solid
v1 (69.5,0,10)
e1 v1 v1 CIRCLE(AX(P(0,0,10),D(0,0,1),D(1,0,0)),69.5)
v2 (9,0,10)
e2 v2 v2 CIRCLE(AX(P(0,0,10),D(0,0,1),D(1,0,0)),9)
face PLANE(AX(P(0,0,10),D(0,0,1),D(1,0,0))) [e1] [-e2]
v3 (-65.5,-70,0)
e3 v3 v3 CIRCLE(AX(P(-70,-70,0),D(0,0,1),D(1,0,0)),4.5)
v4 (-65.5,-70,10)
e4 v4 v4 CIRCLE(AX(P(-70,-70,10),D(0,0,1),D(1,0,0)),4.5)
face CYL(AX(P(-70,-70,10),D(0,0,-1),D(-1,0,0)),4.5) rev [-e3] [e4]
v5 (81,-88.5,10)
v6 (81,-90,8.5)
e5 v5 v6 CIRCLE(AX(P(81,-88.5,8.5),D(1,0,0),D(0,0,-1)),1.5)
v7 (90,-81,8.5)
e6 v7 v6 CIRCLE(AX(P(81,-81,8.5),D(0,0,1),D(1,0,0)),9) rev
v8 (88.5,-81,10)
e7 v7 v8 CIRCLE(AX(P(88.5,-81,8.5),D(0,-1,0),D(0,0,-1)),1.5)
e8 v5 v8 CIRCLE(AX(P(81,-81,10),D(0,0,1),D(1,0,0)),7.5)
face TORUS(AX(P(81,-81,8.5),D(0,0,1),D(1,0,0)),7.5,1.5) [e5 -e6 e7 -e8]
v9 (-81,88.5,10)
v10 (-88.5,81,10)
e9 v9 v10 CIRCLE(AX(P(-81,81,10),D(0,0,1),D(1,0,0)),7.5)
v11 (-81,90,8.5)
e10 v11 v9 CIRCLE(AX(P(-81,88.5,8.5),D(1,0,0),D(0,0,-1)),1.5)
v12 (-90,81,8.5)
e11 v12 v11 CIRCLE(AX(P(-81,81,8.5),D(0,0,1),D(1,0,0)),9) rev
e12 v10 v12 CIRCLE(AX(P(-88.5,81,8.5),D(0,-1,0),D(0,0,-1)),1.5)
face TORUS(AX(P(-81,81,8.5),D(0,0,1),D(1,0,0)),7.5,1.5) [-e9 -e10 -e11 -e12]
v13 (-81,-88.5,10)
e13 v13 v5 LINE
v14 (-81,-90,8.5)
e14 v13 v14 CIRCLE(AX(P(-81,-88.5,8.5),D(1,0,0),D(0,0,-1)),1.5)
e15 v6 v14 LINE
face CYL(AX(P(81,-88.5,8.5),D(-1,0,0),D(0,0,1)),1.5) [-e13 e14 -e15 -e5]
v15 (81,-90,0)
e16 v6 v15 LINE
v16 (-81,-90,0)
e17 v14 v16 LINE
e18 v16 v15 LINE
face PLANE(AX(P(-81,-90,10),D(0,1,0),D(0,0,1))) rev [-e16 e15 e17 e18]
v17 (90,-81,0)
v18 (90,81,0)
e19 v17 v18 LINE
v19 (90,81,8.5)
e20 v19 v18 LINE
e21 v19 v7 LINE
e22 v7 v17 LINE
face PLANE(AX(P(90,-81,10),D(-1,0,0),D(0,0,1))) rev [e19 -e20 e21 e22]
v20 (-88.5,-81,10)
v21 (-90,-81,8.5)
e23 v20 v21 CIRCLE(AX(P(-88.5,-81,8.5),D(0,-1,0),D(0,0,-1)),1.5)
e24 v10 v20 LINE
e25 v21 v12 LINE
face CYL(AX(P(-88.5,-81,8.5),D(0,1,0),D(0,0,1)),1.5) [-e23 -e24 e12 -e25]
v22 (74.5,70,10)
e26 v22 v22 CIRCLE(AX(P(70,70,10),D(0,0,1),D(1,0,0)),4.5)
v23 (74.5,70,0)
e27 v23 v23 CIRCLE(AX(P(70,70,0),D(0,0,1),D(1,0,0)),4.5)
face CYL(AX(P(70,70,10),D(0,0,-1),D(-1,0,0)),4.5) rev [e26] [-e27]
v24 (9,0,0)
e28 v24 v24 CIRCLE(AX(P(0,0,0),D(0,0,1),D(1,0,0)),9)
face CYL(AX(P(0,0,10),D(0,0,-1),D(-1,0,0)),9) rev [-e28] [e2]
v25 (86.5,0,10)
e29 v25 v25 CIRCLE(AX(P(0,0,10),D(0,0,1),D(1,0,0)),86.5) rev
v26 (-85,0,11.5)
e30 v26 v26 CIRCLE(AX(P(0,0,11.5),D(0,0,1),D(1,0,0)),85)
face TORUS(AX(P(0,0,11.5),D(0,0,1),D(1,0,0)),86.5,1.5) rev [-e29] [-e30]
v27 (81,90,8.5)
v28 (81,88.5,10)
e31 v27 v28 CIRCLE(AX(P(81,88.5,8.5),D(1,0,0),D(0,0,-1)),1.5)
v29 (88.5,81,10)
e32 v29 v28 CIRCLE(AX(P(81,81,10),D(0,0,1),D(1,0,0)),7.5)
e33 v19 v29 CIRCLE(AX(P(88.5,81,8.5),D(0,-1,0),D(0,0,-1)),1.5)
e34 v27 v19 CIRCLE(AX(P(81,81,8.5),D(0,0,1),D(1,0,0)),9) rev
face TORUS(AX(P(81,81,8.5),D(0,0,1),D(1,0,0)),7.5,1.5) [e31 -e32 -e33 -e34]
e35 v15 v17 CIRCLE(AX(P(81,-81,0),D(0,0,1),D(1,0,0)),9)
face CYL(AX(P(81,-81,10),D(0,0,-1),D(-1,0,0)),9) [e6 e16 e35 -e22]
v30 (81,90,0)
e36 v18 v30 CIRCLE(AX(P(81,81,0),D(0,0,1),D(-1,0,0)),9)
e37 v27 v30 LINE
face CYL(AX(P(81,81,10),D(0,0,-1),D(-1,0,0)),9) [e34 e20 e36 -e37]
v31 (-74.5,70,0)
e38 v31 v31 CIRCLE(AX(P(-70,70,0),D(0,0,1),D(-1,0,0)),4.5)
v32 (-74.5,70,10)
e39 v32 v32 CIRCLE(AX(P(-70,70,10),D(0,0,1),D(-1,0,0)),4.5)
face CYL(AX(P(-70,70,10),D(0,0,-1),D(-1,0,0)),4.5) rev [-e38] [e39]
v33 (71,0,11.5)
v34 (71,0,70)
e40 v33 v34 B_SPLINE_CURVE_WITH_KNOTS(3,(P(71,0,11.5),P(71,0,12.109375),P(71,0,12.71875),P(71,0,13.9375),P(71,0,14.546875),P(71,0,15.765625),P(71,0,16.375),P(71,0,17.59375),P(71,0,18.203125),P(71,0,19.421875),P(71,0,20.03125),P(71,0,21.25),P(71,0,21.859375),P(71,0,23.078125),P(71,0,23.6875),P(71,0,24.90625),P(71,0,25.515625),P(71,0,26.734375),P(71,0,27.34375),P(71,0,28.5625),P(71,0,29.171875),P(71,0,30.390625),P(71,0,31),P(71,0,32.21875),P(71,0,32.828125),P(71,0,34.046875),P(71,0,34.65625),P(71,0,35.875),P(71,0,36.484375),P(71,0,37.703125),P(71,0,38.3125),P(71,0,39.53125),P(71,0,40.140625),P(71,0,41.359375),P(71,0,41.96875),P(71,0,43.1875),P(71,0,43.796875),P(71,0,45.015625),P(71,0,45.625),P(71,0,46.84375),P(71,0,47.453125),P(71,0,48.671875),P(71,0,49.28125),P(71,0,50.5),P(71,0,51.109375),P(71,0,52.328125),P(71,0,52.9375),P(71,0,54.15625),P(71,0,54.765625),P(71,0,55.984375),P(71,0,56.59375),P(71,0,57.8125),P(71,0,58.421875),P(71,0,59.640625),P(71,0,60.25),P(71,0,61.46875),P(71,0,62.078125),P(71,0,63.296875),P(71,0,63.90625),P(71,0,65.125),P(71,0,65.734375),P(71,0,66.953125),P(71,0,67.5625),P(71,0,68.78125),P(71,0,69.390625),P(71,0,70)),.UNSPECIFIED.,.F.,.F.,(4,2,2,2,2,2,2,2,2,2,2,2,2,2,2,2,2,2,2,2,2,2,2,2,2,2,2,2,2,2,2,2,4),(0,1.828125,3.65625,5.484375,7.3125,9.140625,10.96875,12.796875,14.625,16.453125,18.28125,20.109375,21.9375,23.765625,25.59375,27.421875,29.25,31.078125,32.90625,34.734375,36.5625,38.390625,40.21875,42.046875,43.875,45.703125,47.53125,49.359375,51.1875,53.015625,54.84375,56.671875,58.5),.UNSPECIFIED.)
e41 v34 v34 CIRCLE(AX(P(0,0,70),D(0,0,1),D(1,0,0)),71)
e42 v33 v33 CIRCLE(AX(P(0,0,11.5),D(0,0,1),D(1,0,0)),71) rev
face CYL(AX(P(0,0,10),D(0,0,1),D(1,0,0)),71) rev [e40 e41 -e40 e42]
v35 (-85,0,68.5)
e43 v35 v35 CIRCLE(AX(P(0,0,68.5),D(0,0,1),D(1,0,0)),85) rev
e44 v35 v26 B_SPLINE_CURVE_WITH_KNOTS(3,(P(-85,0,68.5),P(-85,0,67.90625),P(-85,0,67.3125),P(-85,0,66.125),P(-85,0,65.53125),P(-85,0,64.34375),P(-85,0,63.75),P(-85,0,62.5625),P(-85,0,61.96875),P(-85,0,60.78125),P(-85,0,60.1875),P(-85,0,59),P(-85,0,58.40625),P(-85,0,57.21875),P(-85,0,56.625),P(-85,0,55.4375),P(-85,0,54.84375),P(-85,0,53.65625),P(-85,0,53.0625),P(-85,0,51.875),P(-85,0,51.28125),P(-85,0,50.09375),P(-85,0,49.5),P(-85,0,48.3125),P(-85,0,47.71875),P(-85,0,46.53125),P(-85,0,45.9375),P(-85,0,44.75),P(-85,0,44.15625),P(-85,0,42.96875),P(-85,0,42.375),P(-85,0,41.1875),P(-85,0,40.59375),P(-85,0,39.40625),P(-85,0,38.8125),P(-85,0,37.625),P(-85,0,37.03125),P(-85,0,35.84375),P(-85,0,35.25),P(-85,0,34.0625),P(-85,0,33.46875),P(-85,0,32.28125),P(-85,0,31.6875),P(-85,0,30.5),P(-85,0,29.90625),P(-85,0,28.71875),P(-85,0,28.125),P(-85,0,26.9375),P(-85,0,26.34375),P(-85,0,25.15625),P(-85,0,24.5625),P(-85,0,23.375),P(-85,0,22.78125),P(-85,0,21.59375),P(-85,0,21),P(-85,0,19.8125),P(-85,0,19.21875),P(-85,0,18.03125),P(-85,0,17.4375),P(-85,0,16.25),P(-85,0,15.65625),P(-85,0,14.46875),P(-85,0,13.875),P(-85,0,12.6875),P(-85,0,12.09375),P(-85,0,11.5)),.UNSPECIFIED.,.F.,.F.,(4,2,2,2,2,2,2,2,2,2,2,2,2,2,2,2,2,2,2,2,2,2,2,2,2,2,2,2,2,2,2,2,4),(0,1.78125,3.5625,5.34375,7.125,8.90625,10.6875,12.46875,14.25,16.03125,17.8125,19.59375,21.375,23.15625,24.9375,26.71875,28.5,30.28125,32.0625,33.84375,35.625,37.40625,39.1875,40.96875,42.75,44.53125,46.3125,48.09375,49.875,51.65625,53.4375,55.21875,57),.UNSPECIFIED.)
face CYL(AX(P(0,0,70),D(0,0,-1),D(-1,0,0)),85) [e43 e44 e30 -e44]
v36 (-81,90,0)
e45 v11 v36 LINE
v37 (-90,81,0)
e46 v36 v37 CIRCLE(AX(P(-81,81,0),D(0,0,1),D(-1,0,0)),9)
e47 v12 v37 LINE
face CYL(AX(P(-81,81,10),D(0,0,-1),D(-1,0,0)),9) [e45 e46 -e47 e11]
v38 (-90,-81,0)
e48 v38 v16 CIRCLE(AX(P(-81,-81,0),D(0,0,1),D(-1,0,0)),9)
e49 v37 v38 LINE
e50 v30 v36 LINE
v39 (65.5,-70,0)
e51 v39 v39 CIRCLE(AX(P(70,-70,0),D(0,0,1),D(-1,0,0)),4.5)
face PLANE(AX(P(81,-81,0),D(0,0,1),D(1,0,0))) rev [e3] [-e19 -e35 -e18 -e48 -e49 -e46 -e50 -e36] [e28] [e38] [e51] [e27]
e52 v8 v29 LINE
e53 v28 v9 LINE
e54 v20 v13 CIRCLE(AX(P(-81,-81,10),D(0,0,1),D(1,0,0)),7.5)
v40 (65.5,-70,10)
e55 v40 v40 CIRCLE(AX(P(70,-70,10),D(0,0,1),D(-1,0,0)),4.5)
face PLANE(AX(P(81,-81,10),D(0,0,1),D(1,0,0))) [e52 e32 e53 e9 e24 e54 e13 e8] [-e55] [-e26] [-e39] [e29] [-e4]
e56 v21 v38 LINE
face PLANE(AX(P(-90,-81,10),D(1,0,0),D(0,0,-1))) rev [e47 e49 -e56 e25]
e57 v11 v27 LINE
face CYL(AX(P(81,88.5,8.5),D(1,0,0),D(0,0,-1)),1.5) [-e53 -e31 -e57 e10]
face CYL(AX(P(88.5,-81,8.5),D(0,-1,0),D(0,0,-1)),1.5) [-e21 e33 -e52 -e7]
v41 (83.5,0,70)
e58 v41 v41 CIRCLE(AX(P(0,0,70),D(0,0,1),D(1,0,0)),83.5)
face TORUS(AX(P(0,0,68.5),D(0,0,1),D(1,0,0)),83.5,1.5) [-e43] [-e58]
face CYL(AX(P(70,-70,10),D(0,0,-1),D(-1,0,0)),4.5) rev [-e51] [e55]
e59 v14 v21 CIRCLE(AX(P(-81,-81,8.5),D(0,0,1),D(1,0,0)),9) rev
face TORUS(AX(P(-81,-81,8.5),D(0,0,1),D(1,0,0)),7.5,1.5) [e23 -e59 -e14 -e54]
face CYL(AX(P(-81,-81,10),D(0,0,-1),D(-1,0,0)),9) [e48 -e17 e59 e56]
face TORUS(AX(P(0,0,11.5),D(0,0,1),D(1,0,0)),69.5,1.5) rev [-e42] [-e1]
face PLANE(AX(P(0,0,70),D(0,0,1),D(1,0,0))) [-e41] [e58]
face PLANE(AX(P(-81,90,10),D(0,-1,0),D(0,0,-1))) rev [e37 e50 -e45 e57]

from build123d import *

# Parameters (mm, degrees)
SKETCH1_R           = 9
SKETCH1_R_2         = 4.5
BOSS_EXTRUDE1_DEPTH = 10
SKETCH2_R           = 85
BOSS_EXTRUDE2_DEPTH = 60
SKETCH3_R           = 71
CUT_EXTRUDE1_DEPTH  = 60
FILLET1_R           = 1.5


with BuildPart() as part:
    # Sketch1 → Boss-Extrude1 (new body)
    with BuildSketch(Plane.XY):
        with BuildLine():
            Line((-81, -90), (81, -90))
            ThreePointArc((81, -90), (87.363961031, -87.363961031), (90, -81))
            Line((90, -81), (90, 81))
            ThreePointArc((90, 81), (87.363961031, 87.363961031), (81, 90))
            Line((81, 90), (-81, 90))
            ThreePointArc((-81, 90), (-87.363961031, 87.363961031), (-90, 81))
            Line((-90, 81), (-90, -81))
            ThreePointArc((-90, -81), (-87.363961031, -87.363961031), (-81, -90))
        make_face()
        Circle(SKETCH1_R, mode=Mode.SUBTRACT)
        with Locations((70, 70)):
            Circle(SKETCH1_R_2, mode=Mode.SUBTRACT)
        with Locations(Location((-70, 70, 0), (0, 0, 180))):
            Circle(SKETCH1_R_2, mode=Mode.SUBTRACT)
        with Locations(Location((70, -70, 0), (0, 0, 180))):
            Circle(SKETCH1_R_2, mode=Mode.SUBTRACT)
        with Locations((-70, -70)):
            Circle(SKETCH1_R_2, mode=Mode.SUBTRACT)
    extrude(amount=BOSS_EXTRUDE1_DEPTH)

    # Sketch2 → Boss-Extrude2 (add)
    with BuildSketch(Plane.XY.offset(10)):
        with Locations(Location((0, 0, 0), (0, 0, 180))):
            Circle(SKETCH2_R)
    extrude(amount=BOSS_EXTRUDE2_DEPTH)

    # Sketch3 → Cut-Extrude1 (cut)
    with BuildSketch(Plane.XY.offset(70)):
        Circle(SKETCH3_R)
    extrude(amount=-CUT_EXTRUDE1_DEPTH, mode=Mode.SUBTRACT)

    # Fillet1
    fillet1_edges = [part.edges().sort_by_distance(p)[0] for p in [
        (87.363961031, 87.363961031, 10),
        (0, 90, 10),
        (-87.363961031, 87.363961031, 10),
        (-90, 0, 10),
        (-87.363961031, -87.363961031, 10),
        (0, -90, 10),
        (87.363961031, -87.363961031, 10),
        (85, 0, 10),
        (85, 0, 70),
        (-71, 0, 10),
        (90, 0, 10),
    ]]
    fillet(fillet1_edges, radius=FILLET1_R)


solid = part.part
